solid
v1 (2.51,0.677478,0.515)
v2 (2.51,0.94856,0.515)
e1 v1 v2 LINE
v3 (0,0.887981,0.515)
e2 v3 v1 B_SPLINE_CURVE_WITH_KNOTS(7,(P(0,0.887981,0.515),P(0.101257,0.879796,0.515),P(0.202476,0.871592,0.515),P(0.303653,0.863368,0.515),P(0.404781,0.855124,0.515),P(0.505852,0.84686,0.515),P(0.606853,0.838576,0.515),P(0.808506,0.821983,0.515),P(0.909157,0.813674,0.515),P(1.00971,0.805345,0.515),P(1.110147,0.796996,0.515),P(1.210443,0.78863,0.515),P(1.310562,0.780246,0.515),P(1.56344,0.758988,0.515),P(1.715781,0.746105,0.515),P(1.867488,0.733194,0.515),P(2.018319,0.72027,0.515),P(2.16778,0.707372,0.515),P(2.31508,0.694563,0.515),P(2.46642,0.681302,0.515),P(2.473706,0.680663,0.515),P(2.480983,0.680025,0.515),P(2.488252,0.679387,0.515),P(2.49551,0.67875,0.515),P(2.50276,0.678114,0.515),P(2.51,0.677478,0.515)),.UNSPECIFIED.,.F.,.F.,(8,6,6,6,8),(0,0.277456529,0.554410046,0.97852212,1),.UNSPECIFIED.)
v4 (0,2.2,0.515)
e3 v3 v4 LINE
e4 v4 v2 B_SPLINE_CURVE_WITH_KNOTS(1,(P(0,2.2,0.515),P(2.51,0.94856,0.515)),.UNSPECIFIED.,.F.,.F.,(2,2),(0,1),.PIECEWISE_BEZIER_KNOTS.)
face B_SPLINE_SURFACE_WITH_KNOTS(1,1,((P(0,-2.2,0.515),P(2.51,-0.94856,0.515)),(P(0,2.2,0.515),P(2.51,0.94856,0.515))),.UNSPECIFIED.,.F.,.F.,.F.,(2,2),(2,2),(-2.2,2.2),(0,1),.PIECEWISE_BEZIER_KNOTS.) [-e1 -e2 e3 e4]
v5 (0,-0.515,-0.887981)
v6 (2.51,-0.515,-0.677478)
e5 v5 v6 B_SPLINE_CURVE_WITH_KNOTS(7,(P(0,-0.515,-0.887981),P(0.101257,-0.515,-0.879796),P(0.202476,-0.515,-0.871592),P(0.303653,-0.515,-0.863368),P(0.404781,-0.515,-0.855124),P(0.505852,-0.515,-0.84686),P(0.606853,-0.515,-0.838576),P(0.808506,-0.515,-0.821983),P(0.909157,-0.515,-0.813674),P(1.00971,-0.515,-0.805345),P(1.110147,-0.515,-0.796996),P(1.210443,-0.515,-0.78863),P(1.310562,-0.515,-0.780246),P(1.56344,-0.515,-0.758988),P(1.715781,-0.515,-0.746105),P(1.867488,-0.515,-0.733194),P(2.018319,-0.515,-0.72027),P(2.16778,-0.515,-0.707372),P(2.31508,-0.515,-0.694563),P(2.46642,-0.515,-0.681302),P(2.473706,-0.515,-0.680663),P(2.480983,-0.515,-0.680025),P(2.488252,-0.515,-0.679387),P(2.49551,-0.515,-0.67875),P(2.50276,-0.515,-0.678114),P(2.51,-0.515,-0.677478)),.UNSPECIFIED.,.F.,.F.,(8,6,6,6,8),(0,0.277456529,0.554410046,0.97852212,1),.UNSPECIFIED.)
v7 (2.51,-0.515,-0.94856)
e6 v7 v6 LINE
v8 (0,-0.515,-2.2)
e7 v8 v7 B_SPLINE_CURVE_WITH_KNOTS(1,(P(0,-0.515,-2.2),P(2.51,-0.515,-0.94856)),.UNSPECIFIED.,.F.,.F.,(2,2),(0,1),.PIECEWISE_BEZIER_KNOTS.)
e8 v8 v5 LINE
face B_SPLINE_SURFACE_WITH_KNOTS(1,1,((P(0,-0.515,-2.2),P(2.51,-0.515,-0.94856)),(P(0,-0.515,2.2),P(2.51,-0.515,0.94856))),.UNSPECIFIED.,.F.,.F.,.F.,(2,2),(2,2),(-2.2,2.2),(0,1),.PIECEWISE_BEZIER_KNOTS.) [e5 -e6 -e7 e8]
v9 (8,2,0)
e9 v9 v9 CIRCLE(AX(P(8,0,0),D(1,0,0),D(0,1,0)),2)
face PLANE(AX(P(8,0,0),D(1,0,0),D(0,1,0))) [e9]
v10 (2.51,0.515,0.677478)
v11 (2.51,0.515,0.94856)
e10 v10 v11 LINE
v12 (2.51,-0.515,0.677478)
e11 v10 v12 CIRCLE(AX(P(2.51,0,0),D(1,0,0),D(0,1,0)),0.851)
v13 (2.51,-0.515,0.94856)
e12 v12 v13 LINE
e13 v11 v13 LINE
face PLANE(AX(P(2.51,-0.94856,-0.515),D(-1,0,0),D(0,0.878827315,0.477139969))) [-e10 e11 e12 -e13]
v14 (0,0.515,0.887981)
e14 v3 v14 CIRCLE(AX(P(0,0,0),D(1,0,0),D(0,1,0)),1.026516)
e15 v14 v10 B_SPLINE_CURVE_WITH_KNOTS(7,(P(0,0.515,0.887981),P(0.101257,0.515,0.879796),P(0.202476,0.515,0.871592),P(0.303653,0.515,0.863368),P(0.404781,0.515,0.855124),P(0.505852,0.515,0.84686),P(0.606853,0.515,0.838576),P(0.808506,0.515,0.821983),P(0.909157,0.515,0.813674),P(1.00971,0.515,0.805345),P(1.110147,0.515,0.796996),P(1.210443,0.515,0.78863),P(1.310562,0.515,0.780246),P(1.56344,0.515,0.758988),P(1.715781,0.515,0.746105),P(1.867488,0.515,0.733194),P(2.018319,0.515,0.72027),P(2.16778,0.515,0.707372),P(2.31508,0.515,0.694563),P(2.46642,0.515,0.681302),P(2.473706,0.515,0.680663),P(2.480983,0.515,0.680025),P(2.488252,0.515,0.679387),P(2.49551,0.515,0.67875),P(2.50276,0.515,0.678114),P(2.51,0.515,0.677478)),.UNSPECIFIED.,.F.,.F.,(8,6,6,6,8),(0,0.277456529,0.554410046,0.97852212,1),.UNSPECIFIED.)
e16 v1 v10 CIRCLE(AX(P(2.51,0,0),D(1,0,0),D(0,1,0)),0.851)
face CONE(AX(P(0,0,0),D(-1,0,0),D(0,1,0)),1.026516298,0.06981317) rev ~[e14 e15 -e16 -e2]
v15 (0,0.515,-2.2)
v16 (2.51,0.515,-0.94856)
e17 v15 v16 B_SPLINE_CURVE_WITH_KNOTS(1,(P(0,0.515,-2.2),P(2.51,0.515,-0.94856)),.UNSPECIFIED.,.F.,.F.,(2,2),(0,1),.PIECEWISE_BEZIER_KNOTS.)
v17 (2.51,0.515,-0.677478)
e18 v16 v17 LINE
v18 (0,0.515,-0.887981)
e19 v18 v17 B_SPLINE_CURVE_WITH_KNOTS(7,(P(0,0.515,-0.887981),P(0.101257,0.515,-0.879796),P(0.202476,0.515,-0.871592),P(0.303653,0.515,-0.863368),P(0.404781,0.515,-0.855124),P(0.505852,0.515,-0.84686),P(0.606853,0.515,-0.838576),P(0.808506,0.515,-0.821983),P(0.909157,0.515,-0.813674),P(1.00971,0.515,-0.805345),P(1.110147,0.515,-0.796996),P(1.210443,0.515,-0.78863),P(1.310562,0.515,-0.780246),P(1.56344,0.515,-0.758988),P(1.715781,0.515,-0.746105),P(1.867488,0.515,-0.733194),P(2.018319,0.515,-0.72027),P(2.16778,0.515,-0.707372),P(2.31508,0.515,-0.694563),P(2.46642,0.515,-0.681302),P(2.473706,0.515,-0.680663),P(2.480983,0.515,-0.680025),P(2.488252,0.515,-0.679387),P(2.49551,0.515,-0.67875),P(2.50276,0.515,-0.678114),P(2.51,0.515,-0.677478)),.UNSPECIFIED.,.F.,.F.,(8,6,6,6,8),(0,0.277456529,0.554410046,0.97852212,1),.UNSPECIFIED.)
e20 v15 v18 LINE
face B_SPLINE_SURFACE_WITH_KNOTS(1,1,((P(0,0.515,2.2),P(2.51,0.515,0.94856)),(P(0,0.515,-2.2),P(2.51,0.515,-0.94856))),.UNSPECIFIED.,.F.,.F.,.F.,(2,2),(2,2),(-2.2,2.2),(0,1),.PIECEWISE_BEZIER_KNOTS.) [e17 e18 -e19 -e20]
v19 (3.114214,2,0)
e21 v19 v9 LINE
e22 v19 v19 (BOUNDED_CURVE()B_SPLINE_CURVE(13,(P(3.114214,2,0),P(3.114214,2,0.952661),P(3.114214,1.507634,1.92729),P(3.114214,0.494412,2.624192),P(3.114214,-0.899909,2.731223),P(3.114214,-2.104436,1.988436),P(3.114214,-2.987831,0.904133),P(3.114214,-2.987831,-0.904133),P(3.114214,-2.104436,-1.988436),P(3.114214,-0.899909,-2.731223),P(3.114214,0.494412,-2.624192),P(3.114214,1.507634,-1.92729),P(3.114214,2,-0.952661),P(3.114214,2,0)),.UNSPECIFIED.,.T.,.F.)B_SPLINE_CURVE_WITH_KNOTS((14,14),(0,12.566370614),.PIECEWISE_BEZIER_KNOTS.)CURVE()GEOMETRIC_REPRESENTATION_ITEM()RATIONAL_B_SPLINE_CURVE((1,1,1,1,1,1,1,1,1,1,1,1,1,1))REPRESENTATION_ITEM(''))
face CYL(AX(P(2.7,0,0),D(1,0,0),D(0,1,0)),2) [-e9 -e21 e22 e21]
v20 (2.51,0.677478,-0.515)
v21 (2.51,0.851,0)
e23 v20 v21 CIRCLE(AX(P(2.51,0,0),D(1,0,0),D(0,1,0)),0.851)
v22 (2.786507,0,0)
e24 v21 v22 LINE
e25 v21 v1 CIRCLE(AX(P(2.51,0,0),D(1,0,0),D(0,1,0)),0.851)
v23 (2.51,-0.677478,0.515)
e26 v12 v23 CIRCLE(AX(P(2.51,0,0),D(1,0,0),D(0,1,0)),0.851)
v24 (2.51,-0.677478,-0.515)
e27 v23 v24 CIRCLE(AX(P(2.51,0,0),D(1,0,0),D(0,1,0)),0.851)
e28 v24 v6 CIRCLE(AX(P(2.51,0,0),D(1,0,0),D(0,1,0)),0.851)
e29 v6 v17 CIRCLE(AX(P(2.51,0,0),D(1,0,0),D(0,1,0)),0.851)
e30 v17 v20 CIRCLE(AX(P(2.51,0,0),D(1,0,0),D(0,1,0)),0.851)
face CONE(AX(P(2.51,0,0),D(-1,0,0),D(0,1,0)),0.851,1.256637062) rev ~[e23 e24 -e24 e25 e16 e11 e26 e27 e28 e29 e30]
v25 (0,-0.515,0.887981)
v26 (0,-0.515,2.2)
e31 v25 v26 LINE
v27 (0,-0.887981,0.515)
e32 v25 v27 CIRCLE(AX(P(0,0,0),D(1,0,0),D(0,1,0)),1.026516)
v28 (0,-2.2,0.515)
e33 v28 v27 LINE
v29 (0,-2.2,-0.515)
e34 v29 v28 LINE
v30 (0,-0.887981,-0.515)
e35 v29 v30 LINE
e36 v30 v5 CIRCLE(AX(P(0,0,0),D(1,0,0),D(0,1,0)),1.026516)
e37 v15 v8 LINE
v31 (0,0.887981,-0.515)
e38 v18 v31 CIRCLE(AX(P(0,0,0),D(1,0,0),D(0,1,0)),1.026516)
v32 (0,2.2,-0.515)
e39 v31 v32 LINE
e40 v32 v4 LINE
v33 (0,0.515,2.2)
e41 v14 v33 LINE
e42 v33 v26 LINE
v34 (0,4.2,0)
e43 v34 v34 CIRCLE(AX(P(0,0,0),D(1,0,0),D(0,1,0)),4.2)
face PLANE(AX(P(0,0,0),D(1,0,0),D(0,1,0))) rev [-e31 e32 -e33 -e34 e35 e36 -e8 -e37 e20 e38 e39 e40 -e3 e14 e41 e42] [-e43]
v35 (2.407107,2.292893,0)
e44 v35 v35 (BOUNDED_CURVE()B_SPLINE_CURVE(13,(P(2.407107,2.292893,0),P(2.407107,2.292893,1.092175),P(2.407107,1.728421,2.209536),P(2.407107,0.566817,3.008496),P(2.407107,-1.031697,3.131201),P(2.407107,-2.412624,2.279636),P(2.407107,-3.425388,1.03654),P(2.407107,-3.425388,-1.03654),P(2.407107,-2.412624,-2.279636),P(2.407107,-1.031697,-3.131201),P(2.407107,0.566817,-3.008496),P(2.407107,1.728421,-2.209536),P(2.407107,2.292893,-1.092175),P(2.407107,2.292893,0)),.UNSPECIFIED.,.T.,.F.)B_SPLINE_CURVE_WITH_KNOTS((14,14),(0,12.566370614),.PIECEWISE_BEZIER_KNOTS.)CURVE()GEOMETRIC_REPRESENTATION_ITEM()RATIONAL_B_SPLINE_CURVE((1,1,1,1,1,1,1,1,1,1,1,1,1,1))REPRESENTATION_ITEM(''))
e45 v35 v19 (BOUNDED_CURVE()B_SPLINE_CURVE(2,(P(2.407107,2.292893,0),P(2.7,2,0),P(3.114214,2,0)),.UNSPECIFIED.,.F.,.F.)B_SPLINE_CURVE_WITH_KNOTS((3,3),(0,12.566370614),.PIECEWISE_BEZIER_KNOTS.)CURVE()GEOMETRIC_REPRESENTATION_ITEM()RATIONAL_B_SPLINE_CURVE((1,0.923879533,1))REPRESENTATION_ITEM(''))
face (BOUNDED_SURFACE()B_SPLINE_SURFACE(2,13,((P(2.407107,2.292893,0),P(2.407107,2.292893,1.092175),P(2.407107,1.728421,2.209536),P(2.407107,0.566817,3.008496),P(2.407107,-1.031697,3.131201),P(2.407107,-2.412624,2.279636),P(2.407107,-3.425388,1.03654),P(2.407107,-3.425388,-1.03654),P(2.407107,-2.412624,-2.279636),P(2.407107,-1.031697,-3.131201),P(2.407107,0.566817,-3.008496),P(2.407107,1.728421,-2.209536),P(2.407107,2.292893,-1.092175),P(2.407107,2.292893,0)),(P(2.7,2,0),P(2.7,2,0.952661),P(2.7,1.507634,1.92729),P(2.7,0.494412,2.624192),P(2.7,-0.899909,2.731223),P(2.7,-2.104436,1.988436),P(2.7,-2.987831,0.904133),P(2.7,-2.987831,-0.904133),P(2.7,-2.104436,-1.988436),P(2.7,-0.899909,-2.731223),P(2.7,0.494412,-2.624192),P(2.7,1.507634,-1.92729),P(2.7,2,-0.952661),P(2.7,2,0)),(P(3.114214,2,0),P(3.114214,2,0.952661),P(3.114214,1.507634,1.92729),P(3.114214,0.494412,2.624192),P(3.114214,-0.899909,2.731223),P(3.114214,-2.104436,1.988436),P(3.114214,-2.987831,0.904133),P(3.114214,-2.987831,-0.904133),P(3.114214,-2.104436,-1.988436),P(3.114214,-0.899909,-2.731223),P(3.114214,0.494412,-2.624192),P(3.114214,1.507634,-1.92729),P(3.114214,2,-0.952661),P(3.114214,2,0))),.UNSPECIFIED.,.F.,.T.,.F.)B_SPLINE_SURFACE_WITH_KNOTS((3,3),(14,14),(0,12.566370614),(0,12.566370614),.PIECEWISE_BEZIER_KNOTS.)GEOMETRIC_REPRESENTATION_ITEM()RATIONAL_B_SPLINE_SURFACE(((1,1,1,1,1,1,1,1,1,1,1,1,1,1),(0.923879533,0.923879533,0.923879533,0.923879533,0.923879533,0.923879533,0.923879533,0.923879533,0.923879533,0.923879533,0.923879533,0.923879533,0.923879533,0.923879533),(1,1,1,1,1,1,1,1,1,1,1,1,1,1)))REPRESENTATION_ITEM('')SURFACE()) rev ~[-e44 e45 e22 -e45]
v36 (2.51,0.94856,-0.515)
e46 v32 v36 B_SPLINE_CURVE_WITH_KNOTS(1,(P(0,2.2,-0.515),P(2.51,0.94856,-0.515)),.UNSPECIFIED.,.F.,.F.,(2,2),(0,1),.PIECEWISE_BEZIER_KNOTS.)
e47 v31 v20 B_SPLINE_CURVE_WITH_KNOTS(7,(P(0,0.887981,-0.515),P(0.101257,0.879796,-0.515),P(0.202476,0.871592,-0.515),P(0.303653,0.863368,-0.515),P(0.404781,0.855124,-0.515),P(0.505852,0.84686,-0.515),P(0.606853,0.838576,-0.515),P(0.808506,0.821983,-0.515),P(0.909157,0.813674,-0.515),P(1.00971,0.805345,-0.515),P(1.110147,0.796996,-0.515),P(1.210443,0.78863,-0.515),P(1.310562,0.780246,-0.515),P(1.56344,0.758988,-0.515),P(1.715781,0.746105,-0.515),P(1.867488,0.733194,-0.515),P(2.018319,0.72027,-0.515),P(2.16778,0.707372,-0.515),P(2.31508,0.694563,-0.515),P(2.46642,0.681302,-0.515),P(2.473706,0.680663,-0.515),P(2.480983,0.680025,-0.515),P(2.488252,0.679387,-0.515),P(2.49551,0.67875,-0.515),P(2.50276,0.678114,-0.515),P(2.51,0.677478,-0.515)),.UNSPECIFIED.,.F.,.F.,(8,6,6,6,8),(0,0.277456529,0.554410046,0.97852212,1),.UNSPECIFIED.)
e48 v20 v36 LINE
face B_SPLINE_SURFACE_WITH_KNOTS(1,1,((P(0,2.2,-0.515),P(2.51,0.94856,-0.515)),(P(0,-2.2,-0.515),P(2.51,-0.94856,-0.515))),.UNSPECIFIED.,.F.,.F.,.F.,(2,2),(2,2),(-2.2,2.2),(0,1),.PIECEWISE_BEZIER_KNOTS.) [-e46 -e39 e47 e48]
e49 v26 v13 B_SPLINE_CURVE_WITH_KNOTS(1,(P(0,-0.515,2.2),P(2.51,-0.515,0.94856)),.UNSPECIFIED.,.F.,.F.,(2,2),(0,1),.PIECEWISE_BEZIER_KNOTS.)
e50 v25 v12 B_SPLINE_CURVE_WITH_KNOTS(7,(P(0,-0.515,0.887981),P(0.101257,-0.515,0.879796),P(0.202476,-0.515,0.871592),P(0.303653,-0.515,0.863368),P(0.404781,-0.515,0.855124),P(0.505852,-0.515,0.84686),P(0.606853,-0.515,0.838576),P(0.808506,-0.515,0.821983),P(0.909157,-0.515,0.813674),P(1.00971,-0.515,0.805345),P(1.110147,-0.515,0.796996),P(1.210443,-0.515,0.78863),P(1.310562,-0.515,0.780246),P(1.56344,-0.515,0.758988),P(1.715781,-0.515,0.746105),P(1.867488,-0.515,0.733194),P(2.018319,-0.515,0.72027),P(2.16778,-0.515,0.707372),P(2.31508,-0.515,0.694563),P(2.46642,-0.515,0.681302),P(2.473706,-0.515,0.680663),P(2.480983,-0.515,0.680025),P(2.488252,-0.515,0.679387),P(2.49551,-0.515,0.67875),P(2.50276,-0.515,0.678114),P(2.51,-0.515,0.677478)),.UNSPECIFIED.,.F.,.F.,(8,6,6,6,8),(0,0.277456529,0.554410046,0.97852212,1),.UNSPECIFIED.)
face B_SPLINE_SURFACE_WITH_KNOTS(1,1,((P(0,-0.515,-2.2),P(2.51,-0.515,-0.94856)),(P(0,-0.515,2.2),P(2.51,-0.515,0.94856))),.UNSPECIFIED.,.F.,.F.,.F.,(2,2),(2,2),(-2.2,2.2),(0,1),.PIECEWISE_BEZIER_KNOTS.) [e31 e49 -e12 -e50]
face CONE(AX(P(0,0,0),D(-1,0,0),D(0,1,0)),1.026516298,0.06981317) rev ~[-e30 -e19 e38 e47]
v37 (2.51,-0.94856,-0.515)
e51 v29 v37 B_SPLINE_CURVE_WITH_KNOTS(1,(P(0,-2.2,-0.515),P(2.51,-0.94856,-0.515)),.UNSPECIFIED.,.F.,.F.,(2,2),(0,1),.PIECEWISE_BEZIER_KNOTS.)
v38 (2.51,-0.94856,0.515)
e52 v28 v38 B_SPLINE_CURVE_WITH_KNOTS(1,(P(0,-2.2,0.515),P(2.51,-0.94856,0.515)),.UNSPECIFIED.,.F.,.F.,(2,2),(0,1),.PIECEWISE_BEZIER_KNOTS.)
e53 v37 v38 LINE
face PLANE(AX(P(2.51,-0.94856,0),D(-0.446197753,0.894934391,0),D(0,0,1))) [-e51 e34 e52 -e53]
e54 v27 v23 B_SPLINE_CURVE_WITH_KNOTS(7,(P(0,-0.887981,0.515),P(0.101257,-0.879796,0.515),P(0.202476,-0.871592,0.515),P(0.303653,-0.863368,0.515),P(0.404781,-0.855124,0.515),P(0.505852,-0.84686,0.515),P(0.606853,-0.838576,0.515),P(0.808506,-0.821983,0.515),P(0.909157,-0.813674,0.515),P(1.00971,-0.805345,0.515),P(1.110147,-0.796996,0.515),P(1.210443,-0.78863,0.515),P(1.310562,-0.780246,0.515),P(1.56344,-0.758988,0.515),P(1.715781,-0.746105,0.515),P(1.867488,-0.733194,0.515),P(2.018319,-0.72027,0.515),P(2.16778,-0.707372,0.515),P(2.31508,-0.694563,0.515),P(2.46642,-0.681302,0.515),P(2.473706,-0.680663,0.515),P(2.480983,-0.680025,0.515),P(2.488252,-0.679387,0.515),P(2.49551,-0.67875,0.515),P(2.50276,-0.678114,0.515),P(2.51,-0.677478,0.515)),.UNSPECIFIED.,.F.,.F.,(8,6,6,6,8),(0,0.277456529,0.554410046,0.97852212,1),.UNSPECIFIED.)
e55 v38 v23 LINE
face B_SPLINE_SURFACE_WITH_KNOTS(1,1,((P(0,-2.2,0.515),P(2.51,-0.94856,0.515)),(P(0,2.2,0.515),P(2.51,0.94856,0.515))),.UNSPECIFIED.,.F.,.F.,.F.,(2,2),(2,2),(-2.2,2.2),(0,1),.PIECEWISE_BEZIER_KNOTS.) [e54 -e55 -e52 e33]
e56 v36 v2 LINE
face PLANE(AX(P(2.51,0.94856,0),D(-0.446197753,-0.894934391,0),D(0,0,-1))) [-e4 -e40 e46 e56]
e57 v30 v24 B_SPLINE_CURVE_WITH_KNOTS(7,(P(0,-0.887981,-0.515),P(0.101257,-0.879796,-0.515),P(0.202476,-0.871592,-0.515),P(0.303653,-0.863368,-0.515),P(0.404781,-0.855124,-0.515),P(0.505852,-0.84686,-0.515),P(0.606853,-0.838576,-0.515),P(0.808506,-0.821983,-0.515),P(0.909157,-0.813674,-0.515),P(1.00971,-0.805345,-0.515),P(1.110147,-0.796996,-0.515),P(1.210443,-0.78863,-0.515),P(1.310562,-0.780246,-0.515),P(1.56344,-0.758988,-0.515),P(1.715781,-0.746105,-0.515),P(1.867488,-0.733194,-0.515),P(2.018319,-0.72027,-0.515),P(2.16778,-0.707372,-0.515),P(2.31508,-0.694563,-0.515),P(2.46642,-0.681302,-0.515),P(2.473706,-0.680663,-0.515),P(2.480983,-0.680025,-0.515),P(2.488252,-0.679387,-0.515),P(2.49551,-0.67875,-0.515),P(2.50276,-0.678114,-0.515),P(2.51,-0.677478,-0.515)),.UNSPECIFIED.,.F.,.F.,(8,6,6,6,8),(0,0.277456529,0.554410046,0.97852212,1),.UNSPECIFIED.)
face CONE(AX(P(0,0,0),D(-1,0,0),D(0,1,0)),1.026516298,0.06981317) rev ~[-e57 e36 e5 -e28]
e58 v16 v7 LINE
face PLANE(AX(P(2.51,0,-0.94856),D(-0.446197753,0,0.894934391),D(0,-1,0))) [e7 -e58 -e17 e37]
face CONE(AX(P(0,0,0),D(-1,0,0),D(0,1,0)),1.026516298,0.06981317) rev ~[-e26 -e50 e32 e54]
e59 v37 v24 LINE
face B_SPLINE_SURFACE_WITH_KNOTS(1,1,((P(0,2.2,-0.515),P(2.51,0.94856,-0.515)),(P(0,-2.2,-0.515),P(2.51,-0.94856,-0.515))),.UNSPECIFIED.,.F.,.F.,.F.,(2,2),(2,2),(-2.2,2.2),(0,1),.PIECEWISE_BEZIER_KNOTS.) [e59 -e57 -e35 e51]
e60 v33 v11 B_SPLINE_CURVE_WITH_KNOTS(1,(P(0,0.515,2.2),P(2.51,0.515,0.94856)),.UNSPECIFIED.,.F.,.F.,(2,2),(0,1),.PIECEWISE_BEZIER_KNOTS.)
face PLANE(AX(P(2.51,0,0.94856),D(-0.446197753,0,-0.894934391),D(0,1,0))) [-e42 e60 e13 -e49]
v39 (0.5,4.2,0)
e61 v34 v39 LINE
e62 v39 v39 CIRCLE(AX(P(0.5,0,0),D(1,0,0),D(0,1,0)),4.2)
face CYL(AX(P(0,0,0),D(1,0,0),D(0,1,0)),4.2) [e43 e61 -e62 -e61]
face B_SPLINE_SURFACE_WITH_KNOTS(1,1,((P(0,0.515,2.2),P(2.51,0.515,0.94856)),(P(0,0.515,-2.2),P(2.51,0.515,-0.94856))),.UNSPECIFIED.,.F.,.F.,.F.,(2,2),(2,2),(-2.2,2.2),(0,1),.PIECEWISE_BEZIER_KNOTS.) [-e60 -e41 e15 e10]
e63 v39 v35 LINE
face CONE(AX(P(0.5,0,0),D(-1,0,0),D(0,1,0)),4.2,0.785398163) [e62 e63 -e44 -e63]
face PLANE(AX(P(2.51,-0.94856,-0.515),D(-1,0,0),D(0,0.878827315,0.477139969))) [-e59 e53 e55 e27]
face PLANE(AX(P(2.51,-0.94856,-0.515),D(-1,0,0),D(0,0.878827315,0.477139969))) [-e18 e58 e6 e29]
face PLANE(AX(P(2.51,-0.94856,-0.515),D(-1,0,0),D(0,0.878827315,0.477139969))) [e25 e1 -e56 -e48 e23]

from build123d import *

# Parameters (mm, degrees)
FILLET1_R    = 1
SKETCH3_W    = 1.03
SKETCH3_H    = 4.4
SKETCH4_W    = 1.03
SKETCH4_H    = 1.897120746
RECPAT_COUNT = 2
RECPAT_ANGLE = 90


with BuildPart() as part:
    # BodySke → Base-Revolve (revolve)
    with BuildSketch(Plane.XY):
        Polygon((0, 0), (0, 4.2), (0.5, 4.2), (2.7, 2), (8, 2), (8, 0), align=None)
    revolve(axis=Axis((-6.35, 0, 0), (1, 0, 0)))

    # Fillet1
    fillet1_edges = [part.edges().sort_by_distance(p)[0] for p in [
        (2.7, -2, 0),
    ]]
    fillet(fillet1_edges, radius=FILLET1_R)

    # Sketch3 → Recess section 0
    with BuildSketch(Plane.ZY):
        Rectangle(SKETCH3_W, SKETCH3_H)
    # Sketch4 → Recess section 1
    with BuildSketch(Plane.ZY.offset(-2.51)):
        Rectangle(SKETCH4_W, SKETCH4_H)
    recess = loft(mode=Mode.SUBTRACT)

    # RecPat: Recess ×2 about axis
    recpat_axis = Axis((0, 0, 0), (1, 0, 0))
    for i in range(1, RECPAT_COUNT):
        add(recess.rotate(recpat_axis, i * RECPAT_ANGLE / (RECPAT_COUNT - 1)), mode=Mode.SUBTRACT)

    # RecCorSke → RecessCore (revolve, cut)
    with BuildSketch(Plane.XY):
        Polygon((0, 0), (0, 1.026516298), (2.51, 0.851), (2.786506661, 0), align=None)
    revolve(axis=Axis((-3.175, 0, 0), (1, 0, 0)), mode=Mode.SUBTRACT)


solid = part.part
